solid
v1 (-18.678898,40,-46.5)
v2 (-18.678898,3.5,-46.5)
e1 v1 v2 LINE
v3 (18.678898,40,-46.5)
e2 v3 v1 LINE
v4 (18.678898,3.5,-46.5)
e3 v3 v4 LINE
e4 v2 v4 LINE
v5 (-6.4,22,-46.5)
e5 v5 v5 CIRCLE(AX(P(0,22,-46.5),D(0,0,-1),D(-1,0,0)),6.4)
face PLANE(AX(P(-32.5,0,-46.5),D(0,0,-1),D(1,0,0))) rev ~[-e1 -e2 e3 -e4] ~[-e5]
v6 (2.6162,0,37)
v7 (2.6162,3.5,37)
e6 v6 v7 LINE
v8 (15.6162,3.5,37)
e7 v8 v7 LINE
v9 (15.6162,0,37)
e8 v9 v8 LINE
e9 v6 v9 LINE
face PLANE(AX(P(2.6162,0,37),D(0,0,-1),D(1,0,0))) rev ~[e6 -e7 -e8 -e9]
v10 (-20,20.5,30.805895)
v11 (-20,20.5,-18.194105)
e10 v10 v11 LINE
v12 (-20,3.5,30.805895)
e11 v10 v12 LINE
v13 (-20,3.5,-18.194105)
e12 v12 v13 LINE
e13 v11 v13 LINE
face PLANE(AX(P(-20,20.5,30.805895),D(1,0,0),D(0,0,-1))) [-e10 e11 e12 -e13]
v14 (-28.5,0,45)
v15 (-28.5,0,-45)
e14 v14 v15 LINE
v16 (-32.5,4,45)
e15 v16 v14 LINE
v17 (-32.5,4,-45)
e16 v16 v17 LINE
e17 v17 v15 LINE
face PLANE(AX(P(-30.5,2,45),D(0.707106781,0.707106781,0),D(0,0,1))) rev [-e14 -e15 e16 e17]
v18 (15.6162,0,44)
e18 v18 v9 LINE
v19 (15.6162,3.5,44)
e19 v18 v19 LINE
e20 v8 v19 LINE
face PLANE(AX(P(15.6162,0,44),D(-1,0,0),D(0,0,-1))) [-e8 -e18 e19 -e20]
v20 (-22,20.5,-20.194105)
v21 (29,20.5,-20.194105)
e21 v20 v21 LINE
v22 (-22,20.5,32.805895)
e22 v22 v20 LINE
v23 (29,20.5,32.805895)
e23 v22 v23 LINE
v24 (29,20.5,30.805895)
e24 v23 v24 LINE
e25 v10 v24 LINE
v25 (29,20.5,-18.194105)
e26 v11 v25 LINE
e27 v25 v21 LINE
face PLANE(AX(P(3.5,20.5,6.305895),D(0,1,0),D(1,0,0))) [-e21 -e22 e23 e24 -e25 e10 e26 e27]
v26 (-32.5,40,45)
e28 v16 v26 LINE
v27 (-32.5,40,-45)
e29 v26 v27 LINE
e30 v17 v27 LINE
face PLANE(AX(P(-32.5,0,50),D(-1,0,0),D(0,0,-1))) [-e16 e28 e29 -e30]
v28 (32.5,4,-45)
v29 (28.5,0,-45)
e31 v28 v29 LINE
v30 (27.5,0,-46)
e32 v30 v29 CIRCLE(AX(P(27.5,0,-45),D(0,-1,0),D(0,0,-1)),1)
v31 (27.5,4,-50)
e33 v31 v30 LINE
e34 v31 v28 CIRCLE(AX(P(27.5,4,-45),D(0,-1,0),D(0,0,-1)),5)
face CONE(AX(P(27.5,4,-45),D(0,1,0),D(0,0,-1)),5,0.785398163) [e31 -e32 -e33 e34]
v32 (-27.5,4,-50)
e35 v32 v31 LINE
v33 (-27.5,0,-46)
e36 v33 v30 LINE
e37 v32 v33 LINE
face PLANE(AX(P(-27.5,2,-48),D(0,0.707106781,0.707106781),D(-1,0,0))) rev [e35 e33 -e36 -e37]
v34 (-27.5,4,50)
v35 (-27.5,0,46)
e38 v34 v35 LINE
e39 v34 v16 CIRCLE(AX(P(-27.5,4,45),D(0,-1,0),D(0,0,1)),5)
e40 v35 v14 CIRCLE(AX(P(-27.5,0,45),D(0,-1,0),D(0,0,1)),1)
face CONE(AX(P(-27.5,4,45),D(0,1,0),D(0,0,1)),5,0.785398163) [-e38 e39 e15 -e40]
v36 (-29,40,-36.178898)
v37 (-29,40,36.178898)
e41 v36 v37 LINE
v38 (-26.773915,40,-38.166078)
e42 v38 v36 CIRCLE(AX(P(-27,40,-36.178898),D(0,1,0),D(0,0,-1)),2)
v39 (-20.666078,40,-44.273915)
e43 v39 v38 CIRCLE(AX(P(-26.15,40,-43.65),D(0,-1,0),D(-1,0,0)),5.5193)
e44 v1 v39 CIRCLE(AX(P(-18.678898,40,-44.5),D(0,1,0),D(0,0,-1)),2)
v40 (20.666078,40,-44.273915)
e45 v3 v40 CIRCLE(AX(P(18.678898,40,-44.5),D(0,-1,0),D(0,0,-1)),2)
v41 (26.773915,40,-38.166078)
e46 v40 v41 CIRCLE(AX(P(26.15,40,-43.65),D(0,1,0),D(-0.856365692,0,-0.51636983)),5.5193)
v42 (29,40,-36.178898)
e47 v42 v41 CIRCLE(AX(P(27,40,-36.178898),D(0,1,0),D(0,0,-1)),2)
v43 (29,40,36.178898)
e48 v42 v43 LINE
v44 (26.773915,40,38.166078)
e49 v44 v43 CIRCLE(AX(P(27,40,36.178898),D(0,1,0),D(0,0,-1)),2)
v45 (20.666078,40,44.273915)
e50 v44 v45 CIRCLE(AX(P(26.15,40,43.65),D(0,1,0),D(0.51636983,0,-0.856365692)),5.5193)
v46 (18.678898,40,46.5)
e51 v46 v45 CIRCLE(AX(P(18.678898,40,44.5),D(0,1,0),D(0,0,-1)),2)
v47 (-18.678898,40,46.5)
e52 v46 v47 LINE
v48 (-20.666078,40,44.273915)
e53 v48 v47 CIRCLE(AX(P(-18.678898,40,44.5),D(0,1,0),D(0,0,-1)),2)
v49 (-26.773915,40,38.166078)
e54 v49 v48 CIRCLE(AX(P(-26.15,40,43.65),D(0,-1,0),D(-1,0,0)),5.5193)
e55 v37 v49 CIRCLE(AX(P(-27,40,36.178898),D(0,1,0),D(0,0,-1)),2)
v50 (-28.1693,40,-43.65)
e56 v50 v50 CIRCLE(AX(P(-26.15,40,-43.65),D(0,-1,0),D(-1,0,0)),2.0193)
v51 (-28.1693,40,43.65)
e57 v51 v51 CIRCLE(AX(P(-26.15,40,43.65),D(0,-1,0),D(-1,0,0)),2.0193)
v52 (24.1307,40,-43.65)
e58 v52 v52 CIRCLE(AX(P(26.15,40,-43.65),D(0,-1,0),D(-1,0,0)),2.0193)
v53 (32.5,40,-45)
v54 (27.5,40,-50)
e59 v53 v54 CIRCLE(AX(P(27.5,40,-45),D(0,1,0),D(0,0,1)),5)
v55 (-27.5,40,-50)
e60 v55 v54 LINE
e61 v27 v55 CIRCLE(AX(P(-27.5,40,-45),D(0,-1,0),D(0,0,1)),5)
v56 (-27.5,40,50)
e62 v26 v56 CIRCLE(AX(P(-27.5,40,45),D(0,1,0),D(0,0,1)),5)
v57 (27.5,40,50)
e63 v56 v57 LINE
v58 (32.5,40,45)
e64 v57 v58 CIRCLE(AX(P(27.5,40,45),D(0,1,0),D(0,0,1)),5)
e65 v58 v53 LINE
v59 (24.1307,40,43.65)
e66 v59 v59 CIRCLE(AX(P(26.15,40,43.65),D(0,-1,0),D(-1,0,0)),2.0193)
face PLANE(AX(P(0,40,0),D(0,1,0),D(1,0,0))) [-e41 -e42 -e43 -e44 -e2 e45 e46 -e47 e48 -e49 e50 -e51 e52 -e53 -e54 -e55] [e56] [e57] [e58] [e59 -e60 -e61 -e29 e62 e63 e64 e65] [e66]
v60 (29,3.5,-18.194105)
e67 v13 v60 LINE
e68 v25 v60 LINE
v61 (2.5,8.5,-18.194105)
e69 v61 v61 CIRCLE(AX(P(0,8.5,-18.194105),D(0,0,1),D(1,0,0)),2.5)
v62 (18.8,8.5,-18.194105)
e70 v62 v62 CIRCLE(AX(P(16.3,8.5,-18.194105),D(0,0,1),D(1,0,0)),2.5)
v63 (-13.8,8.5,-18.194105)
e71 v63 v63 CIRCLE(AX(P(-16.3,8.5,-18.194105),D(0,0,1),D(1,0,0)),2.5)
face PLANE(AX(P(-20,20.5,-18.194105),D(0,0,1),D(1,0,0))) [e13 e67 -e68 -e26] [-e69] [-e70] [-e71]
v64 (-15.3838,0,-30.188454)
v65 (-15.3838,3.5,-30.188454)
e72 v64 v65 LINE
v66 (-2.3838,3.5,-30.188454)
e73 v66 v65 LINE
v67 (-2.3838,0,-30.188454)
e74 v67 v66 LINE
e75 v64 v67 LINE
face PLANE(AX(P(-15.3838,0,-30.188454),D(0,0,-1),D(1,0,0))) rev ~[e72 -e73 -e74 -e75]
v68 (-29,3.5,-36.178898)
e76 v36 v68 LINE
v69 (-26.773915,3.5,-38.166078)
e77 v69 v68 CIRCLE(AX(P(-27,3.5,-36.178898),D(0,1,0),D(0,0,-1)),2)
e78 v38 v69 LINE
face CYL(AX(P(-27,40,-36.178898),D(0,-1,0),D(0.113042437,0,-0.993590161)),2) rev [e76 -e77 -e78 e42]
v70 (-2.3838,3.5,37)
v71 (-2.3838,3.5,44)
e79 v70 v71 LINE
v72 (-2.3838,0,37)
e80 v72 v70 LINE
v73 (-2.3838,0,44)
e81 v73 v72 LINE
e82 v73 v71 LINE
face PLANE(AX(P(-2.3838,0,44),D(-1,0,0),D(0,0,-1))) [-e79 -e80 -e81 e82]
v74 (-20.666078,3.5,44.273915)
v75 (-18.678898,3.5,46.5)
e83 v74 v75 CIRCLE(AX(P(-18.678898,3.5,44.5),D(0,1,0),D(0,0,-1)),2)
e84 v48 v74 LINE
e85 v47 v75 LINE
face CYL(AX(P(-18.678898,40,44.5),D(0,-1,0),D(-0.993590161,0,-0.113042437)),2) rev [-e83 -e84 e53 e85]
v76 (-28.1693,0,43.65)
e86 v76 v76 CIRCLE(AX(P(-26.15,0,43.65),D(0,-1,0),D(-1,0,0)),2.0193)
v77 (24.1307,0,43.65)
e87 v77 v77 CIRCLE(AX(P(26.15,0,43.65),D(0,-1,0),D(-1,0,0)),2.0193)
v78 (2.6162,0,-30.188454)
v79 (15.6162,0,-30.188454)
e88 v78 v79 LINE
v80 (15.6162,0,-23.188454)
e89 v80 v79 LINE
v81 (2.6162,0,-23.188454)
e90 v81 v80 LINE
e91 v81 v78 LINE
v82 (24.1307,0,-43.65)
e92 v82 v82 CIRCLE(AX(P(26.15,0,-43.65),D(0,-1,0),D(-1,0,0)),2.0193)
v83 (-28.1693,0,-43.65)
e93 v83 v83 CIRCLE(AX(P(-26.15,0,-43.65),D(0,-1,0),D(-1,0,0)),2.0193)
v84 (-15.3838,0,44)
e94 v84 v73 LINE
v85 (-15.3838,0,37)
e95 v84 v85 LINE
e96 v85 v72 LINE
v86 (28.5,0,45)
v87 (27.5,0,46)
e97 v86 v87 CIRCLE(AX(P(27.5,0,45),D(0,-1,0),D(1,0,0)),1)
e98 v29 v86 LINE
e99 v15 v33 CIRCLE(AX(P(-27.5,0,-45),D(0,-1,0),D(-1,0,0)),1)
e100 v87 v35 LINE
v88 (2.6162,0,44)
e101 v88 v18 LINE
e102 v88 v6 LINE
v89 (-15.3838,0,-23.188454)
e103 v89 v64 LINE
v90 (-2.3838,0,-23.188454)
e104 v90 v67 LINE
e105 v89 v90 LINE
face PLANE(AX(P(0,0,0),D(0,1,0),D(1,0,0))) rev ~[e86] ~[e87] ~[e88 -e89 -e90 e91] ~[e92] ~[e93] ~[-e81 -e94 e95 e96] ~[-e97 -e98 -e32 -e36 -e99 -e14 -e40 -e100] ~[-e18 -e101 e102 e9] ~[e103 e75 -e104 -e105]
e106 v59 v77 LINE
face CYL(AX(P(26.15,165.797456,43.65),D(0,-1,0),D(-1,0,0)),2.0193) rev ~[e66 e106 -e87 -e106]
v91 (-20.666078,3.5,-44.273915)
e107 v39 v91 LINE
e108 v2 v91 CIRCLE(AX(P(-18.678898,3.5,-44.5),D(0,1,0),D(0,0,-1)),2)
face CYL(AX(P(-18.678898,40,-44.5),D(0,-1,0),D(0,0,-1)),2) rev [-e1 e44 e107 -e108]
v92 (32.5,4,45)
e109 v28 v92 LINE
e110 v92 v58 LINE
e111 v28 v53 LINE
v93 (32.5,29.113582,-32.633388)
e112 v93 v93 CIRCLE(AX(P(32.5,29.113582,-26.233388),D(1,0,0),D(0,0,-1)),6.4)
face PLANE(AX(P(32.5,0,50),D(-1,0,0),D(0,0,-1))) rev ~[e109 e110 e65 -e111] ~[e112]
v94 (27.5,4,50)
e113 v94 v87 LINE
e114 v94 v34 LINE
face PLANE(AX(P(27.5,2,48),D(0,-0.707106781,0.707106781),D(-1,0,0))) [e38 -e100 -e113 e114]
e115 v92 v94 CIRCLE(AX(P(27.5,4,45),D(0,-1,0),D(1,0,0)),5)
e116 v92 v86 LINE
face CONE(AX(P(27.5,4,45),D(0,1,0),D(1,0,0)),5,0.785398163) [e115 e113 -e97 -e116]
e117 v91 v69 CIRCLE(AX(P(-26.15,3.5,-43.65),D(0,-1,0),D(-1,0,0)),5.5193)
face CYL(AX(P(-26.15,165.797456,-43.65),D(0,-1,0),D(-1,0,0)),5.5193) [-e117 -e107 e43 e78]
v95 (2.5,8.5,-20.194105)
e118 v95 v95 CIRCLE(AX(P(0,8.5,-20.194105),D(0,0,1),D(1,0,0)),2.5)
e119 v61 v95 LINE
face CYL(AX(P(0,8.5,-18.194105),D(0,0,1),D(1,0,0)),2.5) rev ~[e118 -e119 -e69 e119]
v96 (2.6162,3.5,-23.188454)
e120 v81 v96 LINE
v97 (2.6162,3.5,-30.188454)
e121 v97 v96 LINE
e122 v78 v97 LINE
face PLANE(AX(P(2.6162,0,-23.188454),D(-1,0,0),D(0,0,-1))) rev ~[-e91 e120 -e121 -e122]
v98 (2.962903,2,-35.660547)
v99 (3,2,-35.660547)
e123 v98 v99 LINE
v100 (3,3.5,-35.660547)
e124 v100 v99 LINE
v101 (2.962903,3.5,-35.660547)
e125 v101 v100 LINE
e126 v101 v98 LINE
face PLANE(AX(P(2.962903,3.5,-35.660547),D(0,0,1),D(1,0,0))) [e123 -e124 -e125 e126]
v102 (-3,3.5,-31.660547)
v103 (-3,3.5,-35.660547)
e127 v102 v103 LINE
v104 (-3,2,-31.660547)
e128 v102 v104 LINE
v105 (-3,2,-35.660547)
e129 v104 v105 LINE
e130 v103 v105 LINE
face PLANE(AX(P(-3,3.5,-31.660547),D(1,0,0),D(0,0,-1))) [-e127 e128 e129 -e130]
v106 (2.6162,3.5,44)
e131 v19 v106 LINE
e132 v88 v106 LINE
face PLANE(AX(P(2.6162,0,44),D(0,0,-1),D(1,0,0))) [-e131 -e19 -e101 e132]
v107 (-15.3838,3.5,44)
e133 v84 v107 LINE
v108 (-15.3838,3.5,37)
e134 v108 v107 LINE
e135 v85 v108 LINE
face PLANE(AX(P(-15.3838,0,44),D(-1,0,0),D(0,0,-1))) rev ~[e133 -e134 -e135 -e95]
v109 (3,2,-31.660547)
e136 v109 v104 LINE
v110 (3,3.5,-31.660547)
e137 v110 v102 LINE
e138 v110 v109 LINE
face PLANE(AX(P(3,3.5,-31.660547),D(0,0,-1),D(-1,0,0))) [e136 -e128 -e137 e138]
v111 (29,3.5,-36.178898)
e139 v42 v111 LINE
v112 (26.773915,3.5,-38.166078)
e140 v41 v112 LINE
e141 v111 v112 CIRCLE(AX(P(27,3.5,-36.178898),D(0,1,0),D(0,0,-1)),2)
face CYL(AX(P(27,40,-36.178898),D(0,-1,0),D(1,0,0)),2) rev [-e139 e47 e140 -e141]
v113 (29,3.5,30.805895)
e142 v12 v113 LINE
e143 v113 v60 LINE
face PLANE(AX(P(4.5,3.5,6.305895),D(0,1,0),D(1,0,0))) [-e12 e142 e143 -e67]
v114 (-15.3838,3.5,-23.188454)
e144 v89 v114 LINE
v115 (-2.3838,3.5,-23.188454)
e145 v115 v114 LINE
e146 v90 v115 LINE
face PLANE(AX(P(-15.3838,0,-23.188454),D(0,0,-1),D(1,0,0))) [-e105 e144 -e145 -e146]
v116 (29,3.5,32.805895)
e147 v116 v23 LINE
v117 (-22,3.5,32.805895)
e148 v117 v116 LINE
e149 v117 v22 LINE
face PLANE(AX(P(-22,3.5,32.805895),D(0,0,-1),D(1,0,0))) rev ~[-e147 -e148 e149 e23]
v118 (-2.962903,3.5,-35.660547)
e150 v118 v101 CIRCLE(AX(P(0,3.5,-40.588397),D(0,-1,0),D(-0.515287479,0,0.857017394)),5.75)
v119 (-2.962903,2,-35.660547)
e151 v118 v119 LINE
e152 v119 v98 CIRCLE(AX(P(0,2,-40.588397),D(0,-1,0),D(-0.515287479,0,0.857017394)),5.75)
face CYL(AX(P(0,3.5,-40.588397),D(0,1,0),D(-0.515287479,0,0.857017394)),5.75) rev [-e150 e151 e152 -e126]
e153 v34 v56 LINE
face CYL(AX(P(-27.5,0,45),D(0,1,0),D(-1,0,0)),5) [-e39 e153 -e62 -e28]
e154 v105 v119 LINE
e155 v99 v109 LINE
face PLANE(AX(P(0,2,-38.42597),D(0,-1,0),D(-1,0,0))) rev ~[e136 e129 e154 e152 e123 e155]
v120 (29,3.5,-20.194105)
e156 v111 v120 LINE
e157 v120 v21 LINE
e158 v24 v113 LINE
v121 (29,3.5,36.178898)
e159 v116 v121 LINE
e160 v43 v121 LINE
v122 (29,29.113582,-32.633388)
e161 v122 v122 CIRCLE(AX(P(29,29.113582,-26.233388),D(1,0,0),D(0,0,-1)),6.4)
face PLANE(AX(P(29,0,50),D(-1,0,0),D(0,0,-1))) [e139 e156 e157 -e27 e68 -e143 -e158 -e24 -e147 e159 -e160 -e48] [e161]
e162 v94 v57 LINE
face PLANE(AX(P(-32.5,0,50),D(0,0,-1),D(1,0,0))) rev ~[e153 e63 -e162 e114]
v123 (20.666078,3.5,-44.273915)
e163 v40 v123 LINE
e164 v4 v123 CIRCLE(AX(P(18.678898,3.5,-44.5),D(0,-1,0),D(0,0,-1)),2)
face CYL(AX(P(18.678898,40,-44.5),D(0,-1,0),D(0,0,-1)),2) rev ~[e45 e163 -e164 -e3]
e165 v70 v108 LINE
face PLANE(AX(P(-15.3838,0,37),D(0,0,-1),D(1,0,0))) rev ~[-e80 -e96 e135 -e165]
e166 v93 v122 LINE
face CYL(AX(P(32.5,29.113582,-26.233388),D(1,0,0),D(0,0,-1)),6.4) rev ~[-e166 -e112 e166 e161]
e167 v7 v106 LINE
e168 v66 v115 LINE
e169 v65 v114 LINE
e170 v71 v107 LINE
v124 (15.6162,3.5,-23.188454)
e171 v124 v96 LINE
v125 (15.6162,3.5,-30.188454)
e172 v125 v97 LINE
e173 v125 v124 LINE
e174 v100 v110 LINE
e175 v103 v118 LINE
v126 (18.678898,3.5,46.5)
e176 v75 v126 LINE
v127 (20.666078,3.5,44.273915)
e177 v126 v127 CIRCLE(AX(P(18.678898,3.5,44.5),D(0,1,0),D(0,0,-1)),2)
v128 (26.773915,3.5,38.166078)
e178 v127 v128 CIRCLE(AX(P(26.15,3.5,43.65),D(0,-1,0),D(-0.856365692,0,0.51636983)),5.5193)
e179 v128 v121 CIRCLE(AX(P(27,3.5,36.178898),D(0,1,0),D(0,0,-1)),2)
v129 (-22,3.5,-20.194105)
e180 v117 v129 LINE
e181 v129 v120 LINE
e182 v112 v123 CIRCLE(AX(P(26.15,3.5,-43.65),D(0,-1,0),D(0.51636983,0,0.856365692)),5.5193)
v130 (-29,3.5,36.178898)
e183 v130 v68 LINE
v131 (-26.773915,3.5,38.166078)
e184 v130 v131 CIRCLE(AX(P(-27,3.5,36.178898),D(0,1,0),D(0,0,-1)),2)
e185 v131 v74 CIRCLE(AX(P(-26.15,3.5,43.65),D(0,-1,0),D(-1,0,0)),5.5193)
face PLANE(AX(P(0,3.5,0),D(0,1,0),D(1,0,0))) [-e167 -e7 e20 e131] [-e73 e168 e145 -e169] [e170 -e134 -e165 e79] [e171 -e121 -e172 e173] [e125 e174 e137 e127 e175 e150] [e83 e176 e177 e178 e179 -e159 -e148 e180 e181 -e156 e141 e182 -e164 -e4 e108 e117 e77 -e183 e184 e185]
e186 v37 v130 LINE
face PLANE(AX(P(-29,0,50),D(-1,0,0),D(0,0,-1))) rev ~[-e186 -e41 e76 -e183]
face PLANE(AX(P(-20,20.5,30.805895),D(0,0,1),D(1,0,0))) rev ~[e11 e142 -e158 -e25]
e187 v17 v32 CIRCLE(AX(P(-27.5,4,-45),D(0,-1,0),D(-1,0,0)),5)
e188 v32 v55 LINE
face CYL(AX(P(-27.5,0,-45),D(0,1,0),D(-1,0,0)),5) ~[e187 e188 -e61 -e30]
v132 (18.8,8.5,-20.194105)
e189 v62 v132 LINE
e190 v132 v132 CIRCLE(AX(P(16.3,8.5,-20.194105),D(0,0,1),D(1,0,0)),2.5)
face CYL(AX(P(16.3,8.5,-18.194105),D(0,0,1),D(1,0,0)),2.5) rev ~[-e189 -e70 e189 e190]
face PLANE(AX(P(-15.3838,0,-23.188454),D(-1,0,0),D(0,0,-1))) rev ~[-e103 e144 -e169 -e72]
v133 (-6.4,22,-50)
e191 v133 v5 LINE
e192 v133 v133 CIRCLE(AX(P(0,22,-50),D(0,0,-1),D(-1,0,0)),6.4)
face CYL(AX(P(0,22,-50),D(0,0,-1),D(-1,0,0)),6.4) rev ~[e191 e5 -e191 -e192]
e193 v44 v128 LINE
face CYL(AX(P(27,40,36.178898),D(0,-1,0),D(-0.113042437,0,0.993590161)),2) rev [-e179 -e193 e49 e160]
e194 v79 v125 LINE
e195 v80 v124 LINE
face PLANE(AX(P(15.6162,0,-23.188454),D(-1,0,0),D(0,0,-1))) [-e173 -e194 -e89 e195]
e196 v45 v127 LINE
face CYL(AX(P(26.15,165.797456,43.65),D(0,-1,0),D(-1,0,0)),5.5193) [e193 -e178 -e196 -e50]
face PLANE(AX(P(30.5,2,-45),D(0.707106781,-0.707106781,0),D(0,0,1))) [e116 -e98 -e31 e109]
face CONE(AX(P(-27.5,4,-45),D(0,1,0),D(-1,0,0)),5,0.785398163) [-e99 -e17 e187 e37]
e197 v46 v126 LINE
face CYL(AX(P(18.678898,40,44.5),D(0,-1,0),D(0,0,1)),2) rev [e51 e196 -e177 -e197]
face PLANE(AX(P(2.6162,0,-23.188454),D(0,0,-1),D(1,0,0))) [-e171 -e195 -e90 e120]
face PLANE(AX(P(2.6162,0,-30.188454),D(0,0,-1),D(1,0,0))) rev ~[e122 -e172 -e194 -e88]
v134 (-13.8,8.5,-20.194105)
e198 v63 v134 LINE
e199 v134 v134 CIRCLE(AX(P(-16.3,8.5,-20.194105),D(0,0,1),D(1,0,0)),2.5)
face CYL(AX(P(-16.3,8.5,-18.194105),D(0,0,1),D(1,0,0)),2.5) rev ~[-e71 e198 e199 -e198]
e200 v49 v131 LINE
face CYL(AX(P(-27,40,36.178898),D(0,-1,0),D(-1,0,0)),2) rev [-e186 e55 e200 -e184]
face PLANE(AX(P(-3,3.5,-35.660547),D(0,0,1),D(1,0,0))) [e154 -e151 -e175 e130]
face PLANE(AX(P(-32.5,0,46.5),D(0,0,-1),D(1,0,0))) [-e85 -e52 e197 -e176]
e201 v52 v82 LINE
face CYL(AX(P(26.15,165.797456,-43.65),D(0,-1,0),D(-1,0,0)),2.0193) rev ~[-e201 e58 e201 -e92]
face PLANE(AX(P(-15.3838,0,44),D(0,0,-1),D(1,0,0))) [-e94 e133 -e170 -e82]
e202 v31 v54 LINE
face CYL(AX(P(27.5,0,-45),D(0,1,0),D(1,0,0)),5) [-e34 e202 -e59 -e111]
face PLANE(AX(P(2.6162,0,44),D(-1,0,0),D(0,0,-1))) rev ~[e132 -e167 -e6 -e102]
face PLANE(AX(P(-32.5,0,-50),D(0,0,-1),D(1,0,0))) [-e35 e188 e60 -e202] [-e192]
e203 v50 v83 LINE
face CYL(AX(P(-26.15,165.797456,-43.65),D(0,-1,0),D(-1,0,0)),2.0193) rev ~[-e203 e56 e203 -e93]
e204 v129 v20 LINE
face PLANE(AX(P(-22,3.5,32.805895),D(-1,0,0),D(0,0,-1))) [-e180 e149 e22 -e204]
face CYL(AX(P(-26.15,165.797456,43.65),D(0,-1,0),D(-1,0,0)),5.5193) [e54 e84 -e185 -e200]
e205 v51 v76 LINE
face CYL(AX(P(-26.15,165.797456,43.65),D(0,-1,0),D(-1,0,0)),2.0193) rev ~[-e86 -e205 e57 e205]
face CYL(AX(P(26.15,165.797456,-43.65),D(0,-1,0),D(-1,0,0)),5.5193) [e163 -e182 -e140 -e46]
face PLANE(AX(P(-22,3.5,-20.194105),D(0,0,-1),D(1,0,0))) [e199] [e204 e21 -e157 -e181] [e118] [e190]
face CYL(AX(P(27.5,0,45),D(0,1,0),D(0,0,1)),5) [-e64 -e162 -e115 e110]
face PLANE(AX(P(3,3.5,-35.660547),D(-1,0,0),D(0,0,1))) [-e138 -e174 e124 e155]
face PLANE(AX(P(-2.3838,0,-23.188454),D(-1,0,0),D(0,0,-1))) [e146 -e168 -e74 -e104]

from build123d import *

# Parameters (mm, degrees)
SKETCH3_W                   = 65
SKETCH3_H                   = 100
BOSS_EXTRUDE1_DEPTH         = 40
F_21_0_159_DIAMETER_HOLE1_D = 4.0386
SHELL1_T                    = -3.5
FILLET1_R                   = 2
SKETCH14_W                  = 13
SKETCH14_H                  = 7
CUT_EXTRUDE1_DEPTH          = 10
FILLET2_R                   = 5
CHAMFER2_SIZE               = 4
SKETCH15_R                  = 6.4
CUT_EXTRUDE3_DEPTH          = 10
SKETCH17_R                  = 6.4
CUT_EXTRUDE6_DEPTH          = 10
CUT_EXTRUDE8_DEPTH          = 1.5
SKETCH20_W                  = 51
SKETCH20_H                  = 53
BOSS_EXTRUDE3_DEPTH         = 17
SKETCH22_W                  = 49
SKETCH22_H                  = 49
CUT_EXTRUDE9_DEPTH          = 17
SKETCH23_R                  = 2.5
CUT_EXTRUDE10_DEPTH         = 3


with BuildPart() as part:
    # Sketch3 → Boss-Extrude1 (new body)
    with BuildSketch(Plane(origin=(0, 0, 0), x_dir=(1, 0, 0), z_dir=(0, 1, 0))):
        Rectangle(SKETCH3_W, SKETCH3_H)
    extrude(amount=BOSS_EXTRUDE1_DEPTH)

    # #21 (0.159) Diameter Hole1 (through all)
    with Locations(Plane(origin=(0, 40, 0), x_dir=(1, 0, 0), z_dir=(0, 1, 0))):
        with Locations((-26.15, 43.65), (26.15, 43.65), (26.15, -43.65), (-26.15, -43.65)):
            Hole(F_21_0_159_DIAMETER_HOLE1_D / 2)

    # Shell1
    shell1_openings = [part.faces().sort_by_distance(p)[0] for p in [
        (0, 40, 0),
    ]]
    offset(amount=SHELL1_T, openings=shell1_openings, kind=Kind.INTERSECTION)

    # Fillet1
    fillet1_edges = [part.edges().sort_by_distance(p)[0] for p in [
        (29, 21.75, 38.923460834),
        (21.423460834, 21.75, -46.5),
        (-29, 21.75, -38.923460834),
        (-21.423460834, 21.75, 46.5),
        (-29, 21.75, 38.923460834),
        (21.423460834, 21.75, 46.5),
        (29, 21.75, -38.923460834),
        (-21.423460834, 21.75, -46.5),
    ]]
    fillet(fillet1_edges, radius=FILLET1_R)

    # Sketch14 → Cut-Extrude1 (cut)
    with BuildSketch(Plane(origin=(0, 0, 0), x_dir=(1, 0, 0), z_dir=(0, 1, 0))):
        with Locations((-8.88380044, -40.5)):
            Rectangle(SKETCH14_W, SKETCH14_H)
        with Locations((9.11619956, -40.5)):
            Rectangle(SKETCH14_W, SKETCH14_H)
        with Locations((-8.88380044, 26.688454416)):
            Rectangle(SKETCH14_W, SKETCH14_H)
        with Locations((9.11619956, 26.688454416)):
            Rectangle(SKETCH14_W, SKETCH14_H)
    extrude(amount=CUT_EXTRUDE1_DEPTH, mode=Mode.SUBTRACT)

    # Fillet2
    fillet2_edges = [part.edges().sort_by_distance(p)[0] for p in [
        (32.5, 20, 50),
        (-32.5, 20, 50),
        (-32.5, 20, -50),
        (32.5, 20, -50),
    ]]
    fillet(fillet2_edges, radius=FILLET2_R)

    # Chamfer2
    chamfer2_edges = [part.edges().sort_by_distance(p)[0] for p in [
        (-31.035533906, 0, -48.535533906),
        (-31.035533906, 0, 48.535533906),
        (31.035533906, 0, -48.535533906),
        (31.035533906, 0, 48.535533906),
        (32.5, 0, 0),
    ]]
    chamfer(chamfer2_edges, length=CHAMFER2_SIZE)

    # Sketch15 → Cut-Extrude3 (cut)
    with BuildSketch(Plane(origin=(0, 0, -50), x_dir=(-1, 0, 0), z_dir=(0, 0, -1))):
        with Locations((0, 22)):
            Circle(SKETCH15_R)
    extrude(amount=-CUT_EXTRUDE3_DEPTH, mode=Mode.SUBTRACT)

    # Sketch17 → Cut-Extrude6 (cut)
    with BuildSketch(Plane(origin=(32.5, 0, 0), x_dir=(0, 0, -1), z_dir=(1, 0, 0))):
        with Locations((26.233387705, 29.113582019)):
            Circle(SKETCH17_R)
    extrude(amount=-CUT_EXTRUDE6_DEPTH, mode=Mode.SUBTRACT)

    # Sketch18 → Cut-Extrude8 (cut)
    with BuildSketch(Plane(origin=(0, 3.5, 0), x_dir=(1, 0, 0), z_dir=(0, 1, 0))):
        with BuildLine():
            Line((2.962903006, 35.660547198), (3, 35.660547198))
            Line((3, 35.660547198), (3, 31.660547198))
            Line((3, 31.660547198), (-3, 31.660547198))
            Line((-3, 31.660547198), (-3, 35.660547198))
            Line((-3, 35.660547198), (-2.962903006, 35.660547198))
            ThreePointArc((-2.962903006, 35.660547198), (0, 46.338397214), (2.962903006, 35.660547198))
        make_face()
    extrude(amount=-CUT_EXTRUDE8_DEPTH, mode=Mode.SUBTRACT)

    # Sketch20 → Boss-Extrude3 (add)
    with BuildSketch(Plane(origin=(0, 3.5, 0), x_dir=(1, 0, 0), z_dir=(0, 1, 0))):
        with Locations((3.5, -6.305895328)):
            Rectangle(SKETCH20_W, SKETCH20_H)
    extrude(amount=BOSS_EXTRUDE3_DEPTH)

    # Sketch22 → Cut-Extrude9 (cut)
    with BuildSketch(Plane(origin=(0, 20.5, 0), x_dir=(1, 0, 0), z_dir=(0, 1, 0))):
        with Locations((4.5, -6.305895328)):
            Rectangle(SKETCH22_W, SKETCH22_H)
    extrude(amount=-CUT_EXTRUDE9_DEPTH, mode=Mode.SUBTRACT)

    # Sketch23 → Cut-Extrude10 (cut)
    with BuildSketch(Plane.XY.offset(-18.194104672)):
        with Locations((-16.3, 8.5)):
            Circle(SKETCH23_R)
        with Locations((0, 8.5)):
            Circle(SKETCH23_R)
        with Locations((16.3, 8.5)):
            Circle(SKETCH23_R)
    extrude(amount=-CUT_EXTRUDE10_DEPTH, mode=Mode.SUBTRACT)


solid = part.part
